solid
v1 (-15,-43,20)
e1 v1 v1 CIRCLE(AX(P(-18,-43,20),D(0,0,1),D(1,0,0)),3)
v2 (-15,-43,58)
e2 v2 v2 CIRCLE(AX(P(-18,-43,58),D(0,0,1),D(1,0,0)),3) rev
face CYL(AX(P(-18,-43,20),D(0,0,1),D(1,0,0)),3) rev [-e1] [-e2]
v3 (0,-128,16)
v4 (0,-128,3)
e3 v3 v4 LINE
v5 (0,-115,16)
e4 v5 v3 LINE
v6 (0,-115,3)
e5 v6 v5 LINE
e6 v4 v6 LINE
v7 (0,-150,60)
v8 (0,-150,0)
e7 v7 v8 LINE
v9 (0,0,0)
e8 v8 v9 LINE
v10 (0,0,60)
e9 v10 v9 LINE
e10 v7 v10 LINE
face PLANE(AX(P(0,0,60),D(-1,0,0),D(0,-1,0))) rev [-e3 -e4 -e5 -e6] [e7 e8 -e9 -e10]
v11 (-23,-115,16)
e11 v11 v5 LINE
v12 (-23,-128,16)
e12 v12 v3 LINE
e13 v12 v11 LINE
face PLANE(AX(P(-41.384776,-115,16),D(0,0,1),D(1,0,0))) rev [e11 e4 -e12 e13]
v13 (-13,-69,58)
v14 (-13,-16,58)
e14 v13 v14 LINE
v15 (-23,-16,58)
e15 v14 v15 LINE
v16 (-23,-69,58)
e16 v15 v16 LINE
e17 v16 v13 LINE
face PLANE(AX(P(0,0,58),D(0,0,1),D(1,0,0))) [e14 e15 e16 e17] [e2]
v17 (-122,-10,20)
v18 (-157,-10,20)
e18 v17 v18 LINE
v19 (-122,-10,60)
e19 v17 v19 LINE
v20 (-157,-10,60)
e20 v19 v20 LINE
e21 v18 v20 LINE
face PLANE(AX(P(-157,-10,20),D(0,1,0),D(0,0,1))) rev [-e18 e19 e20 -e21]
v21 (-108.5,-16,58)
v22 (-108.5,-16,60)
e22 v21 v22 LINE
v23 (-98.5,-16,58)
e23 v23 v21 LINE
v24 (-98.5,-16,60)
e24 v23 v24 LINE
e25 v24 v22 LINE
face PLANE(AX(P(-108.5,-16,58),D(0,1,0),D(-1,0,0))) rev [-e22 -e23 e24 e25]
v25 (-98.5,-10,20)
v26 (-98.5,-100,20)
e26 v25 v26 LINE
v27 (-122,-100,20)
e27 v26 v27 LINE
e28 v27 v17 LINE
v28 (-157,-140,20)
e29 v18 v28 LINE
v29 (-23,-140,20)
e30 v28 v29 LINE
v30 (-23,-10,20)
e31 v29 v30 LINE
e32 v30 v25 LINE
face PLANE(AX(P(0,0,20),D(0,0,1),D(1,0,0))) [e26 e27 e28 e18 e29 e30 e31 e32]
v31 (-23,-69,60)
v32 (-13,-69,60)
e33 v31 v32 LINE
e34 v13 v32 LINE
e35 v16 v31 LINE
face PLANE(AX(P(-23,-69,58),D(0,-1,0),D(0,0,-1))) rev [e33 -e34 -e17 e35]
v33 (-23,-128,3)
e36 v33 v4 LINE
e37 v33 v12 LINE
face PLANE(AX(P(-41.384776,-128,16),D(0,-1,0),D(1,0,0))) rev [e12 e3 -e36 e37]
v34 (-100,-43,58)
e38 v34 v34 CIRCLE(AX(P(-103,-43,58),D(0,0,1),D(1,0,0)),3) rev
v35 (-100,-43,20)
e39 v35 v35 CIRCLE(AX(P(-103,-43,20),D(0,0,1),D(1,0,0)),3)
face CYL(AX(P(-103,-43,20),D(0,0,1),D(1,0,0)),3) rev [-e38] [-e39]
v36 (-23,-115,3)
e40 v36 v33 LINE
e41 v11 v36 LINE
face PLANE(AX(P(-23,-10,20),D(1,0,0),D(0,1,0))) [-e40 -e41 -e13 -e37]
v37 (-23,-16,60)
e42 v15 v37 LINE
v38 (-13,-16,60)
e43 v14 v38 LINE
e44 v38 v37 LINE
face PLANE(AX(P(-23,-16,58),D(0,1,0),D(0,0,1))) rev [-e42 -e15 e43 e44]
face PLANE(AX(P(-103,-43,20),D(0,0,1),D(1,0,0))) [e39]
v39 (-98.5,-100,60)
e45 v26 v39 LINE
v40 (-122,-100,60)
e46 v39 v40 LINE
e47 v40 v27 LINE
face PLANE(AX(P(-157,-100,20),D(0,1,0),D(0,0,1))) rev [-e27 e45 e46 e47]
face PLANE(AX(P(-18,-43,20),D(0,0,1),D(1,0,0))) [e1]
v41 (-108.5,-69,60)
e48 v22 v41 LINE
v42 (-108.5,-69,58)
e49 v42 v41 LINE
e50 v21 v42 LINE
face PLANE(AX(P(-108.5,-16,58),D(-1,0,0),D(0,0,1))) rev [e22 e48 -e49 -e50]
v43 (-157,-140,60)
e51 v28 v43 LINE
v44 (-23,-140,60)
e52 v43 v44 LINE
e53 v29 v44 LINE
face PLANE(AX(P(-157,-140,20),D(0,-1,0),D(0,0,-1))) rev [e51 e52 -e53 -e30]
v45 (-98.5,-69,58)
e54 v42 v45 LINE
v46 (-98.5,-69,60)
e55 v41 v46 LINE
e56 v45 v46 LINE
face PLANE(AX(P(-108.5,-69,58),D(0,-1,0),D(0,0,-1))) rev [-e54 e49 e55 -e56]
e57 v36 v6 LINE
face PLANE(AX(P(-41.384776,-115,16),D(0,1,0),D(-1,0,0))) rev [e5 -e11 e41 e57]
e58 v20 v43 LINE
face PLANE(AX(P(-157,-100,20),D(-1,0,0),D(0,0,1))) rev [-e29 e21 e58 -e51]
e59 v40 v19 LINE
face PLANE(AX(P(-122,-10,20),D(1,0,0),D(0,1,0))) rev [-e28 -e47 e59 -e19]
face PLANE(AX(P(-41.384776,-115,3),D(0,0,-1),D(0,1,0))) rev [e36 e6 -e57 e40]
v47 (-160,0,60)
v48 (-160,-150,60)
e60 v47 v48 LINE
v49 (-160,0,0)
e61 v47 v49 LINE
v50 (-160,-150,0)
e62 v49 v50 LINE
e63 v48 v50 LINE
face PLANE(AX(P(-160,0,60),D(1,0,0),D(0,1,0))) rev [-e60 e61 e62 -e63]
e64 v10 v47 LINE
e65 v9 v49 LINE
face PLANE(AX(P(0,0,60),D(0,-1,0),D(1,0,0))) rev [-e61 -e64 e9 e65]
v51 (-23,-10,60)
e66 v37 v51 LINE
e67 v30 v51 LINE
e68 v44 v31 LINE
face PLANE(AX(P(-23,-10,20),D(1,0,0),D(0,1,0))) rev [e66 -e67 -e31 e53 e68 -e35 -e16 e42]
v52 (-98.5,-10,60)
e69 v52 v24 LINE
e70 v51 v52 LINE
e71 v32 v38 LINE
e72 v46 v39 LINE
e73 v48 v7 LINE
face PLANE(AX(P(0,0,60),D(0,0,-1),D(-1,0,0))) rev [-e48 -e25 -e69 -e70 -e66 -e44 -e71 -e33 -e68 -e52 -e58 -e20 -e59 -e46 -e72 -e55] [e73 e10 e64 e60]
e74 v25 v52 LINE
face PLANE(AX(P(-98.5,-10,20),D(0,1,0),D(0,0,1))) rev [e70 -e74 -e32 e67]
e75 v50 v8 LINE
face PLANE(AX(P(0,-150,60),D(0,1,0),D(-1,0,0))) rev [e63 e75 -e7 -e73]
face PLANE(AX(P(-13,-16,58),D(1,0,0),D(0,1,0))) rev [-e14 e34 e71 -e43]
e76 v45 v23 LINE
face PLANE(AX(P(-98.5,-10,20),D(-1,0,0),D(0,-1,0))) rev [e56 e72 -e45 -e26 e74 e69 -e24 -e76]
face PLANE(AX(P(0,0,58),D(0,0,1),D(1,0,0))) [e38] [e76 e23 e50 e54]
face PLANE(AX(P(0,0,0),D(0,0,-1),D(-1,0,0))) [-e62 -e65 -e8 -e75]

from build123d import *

# Parameters (mm, degrees)
SKETCH2_W           = 160
SKETCH2_H           = 150
BOSS_EXTRUDE1_DEPTH = 60
CUT_EXTRUDE1_DEPTH  = 40
SKETCH4_R           = 3
CUT_EXTRUDE2_DEPTH  = 40
SKETCH5_W           = 13
SKETCH5_H           = 13
CUT_EXTRUDE3_DEPTH  = 23
SKETCH6_W           = 10
SKETCH6_H           = 53
CUT_EXTRUDE4_DEPTH  = 2
SKETCH7_W           = 35
SKETCH7_H           = 130
CUT_EXTRUDE5_DEPTH  = 40


with BuildPart() as part:
    # Sketch2 → Boss-Extrude1 (new body)
    with BuildSketch(Plane.XY):
        with Locations((-80, -75)):
            Rectangle(SKETCH2_W, SKETCH2_H)
    extrude(amount=BOSS_EXTRUDE1_DEPTH)

    # Sketch3 → Cut-Extrude1 (cut)
    with BuildSketch(Plane.XY.offset(60)):
        Polygon((-98.5, -10), (-23, -10), (-23, -140), (-157, -140), (-157, -100), (-98.5, -100), align=None)
    extrude(amount=-CUT_EXTRUDE1_DEPTH, mode=Mode.SUBTRACT)

    # Sketch4 → Cut-Extrude2 (cut)
    with BuildSketch(Plane.XY.offset(60)):
        with Locations((-103, -43)):
            Circle(SKETCH4_R)
        with Locations((-18, -43)):
            Circle(SKETCH4_R)
    extrude(amount=-CUT_EXTRUDE2_DEPTH, mode=Mode.SUBTRACT)

    # Sketch5 → Cut-Extrude3 (cut)
    with BuildSketch(Plane(origin=(0, 0, 0), x_dir=(0, 0, -1), z_dir=(1, 0, 0))):
        with Locations((-9.5, -121.5)):
            Rectangle(SKETCH5_W, SKETCH5_H)
    extrude(amount=-CUT_EXTRUDE3_DEPTH, mode=Mode.SUBTRACT)

    # Sketch6 → Cut-Extrude4 (cut)
    with BuildSketch(Plane.XY.offset(60)):
        with Locations((-103.5, -42.5)):
            Rectangle(SKETCH6_W, SKETCH6_H)
        with Locations((-18, -42.5)):
            Rectangle(SKETCH6_W, SKETCH6_H)
    extrude(amount=-CUT_EXTRUDE4_DEPTH, mode=Mode.SUBTRACT)

    # Sketch7 → Cut-Extrude5 (cut)
    with BuildSketch(Plane.XY.offset(60)):
        with Locations((-139.5, -75)):
            Rectangle(SKETCH7_W, SKETCH7_H)
    extrude(amount=-CUT_EXTRUDE5_DEPTH, mode=Mode.SUBTRACT)


solid = part.part
